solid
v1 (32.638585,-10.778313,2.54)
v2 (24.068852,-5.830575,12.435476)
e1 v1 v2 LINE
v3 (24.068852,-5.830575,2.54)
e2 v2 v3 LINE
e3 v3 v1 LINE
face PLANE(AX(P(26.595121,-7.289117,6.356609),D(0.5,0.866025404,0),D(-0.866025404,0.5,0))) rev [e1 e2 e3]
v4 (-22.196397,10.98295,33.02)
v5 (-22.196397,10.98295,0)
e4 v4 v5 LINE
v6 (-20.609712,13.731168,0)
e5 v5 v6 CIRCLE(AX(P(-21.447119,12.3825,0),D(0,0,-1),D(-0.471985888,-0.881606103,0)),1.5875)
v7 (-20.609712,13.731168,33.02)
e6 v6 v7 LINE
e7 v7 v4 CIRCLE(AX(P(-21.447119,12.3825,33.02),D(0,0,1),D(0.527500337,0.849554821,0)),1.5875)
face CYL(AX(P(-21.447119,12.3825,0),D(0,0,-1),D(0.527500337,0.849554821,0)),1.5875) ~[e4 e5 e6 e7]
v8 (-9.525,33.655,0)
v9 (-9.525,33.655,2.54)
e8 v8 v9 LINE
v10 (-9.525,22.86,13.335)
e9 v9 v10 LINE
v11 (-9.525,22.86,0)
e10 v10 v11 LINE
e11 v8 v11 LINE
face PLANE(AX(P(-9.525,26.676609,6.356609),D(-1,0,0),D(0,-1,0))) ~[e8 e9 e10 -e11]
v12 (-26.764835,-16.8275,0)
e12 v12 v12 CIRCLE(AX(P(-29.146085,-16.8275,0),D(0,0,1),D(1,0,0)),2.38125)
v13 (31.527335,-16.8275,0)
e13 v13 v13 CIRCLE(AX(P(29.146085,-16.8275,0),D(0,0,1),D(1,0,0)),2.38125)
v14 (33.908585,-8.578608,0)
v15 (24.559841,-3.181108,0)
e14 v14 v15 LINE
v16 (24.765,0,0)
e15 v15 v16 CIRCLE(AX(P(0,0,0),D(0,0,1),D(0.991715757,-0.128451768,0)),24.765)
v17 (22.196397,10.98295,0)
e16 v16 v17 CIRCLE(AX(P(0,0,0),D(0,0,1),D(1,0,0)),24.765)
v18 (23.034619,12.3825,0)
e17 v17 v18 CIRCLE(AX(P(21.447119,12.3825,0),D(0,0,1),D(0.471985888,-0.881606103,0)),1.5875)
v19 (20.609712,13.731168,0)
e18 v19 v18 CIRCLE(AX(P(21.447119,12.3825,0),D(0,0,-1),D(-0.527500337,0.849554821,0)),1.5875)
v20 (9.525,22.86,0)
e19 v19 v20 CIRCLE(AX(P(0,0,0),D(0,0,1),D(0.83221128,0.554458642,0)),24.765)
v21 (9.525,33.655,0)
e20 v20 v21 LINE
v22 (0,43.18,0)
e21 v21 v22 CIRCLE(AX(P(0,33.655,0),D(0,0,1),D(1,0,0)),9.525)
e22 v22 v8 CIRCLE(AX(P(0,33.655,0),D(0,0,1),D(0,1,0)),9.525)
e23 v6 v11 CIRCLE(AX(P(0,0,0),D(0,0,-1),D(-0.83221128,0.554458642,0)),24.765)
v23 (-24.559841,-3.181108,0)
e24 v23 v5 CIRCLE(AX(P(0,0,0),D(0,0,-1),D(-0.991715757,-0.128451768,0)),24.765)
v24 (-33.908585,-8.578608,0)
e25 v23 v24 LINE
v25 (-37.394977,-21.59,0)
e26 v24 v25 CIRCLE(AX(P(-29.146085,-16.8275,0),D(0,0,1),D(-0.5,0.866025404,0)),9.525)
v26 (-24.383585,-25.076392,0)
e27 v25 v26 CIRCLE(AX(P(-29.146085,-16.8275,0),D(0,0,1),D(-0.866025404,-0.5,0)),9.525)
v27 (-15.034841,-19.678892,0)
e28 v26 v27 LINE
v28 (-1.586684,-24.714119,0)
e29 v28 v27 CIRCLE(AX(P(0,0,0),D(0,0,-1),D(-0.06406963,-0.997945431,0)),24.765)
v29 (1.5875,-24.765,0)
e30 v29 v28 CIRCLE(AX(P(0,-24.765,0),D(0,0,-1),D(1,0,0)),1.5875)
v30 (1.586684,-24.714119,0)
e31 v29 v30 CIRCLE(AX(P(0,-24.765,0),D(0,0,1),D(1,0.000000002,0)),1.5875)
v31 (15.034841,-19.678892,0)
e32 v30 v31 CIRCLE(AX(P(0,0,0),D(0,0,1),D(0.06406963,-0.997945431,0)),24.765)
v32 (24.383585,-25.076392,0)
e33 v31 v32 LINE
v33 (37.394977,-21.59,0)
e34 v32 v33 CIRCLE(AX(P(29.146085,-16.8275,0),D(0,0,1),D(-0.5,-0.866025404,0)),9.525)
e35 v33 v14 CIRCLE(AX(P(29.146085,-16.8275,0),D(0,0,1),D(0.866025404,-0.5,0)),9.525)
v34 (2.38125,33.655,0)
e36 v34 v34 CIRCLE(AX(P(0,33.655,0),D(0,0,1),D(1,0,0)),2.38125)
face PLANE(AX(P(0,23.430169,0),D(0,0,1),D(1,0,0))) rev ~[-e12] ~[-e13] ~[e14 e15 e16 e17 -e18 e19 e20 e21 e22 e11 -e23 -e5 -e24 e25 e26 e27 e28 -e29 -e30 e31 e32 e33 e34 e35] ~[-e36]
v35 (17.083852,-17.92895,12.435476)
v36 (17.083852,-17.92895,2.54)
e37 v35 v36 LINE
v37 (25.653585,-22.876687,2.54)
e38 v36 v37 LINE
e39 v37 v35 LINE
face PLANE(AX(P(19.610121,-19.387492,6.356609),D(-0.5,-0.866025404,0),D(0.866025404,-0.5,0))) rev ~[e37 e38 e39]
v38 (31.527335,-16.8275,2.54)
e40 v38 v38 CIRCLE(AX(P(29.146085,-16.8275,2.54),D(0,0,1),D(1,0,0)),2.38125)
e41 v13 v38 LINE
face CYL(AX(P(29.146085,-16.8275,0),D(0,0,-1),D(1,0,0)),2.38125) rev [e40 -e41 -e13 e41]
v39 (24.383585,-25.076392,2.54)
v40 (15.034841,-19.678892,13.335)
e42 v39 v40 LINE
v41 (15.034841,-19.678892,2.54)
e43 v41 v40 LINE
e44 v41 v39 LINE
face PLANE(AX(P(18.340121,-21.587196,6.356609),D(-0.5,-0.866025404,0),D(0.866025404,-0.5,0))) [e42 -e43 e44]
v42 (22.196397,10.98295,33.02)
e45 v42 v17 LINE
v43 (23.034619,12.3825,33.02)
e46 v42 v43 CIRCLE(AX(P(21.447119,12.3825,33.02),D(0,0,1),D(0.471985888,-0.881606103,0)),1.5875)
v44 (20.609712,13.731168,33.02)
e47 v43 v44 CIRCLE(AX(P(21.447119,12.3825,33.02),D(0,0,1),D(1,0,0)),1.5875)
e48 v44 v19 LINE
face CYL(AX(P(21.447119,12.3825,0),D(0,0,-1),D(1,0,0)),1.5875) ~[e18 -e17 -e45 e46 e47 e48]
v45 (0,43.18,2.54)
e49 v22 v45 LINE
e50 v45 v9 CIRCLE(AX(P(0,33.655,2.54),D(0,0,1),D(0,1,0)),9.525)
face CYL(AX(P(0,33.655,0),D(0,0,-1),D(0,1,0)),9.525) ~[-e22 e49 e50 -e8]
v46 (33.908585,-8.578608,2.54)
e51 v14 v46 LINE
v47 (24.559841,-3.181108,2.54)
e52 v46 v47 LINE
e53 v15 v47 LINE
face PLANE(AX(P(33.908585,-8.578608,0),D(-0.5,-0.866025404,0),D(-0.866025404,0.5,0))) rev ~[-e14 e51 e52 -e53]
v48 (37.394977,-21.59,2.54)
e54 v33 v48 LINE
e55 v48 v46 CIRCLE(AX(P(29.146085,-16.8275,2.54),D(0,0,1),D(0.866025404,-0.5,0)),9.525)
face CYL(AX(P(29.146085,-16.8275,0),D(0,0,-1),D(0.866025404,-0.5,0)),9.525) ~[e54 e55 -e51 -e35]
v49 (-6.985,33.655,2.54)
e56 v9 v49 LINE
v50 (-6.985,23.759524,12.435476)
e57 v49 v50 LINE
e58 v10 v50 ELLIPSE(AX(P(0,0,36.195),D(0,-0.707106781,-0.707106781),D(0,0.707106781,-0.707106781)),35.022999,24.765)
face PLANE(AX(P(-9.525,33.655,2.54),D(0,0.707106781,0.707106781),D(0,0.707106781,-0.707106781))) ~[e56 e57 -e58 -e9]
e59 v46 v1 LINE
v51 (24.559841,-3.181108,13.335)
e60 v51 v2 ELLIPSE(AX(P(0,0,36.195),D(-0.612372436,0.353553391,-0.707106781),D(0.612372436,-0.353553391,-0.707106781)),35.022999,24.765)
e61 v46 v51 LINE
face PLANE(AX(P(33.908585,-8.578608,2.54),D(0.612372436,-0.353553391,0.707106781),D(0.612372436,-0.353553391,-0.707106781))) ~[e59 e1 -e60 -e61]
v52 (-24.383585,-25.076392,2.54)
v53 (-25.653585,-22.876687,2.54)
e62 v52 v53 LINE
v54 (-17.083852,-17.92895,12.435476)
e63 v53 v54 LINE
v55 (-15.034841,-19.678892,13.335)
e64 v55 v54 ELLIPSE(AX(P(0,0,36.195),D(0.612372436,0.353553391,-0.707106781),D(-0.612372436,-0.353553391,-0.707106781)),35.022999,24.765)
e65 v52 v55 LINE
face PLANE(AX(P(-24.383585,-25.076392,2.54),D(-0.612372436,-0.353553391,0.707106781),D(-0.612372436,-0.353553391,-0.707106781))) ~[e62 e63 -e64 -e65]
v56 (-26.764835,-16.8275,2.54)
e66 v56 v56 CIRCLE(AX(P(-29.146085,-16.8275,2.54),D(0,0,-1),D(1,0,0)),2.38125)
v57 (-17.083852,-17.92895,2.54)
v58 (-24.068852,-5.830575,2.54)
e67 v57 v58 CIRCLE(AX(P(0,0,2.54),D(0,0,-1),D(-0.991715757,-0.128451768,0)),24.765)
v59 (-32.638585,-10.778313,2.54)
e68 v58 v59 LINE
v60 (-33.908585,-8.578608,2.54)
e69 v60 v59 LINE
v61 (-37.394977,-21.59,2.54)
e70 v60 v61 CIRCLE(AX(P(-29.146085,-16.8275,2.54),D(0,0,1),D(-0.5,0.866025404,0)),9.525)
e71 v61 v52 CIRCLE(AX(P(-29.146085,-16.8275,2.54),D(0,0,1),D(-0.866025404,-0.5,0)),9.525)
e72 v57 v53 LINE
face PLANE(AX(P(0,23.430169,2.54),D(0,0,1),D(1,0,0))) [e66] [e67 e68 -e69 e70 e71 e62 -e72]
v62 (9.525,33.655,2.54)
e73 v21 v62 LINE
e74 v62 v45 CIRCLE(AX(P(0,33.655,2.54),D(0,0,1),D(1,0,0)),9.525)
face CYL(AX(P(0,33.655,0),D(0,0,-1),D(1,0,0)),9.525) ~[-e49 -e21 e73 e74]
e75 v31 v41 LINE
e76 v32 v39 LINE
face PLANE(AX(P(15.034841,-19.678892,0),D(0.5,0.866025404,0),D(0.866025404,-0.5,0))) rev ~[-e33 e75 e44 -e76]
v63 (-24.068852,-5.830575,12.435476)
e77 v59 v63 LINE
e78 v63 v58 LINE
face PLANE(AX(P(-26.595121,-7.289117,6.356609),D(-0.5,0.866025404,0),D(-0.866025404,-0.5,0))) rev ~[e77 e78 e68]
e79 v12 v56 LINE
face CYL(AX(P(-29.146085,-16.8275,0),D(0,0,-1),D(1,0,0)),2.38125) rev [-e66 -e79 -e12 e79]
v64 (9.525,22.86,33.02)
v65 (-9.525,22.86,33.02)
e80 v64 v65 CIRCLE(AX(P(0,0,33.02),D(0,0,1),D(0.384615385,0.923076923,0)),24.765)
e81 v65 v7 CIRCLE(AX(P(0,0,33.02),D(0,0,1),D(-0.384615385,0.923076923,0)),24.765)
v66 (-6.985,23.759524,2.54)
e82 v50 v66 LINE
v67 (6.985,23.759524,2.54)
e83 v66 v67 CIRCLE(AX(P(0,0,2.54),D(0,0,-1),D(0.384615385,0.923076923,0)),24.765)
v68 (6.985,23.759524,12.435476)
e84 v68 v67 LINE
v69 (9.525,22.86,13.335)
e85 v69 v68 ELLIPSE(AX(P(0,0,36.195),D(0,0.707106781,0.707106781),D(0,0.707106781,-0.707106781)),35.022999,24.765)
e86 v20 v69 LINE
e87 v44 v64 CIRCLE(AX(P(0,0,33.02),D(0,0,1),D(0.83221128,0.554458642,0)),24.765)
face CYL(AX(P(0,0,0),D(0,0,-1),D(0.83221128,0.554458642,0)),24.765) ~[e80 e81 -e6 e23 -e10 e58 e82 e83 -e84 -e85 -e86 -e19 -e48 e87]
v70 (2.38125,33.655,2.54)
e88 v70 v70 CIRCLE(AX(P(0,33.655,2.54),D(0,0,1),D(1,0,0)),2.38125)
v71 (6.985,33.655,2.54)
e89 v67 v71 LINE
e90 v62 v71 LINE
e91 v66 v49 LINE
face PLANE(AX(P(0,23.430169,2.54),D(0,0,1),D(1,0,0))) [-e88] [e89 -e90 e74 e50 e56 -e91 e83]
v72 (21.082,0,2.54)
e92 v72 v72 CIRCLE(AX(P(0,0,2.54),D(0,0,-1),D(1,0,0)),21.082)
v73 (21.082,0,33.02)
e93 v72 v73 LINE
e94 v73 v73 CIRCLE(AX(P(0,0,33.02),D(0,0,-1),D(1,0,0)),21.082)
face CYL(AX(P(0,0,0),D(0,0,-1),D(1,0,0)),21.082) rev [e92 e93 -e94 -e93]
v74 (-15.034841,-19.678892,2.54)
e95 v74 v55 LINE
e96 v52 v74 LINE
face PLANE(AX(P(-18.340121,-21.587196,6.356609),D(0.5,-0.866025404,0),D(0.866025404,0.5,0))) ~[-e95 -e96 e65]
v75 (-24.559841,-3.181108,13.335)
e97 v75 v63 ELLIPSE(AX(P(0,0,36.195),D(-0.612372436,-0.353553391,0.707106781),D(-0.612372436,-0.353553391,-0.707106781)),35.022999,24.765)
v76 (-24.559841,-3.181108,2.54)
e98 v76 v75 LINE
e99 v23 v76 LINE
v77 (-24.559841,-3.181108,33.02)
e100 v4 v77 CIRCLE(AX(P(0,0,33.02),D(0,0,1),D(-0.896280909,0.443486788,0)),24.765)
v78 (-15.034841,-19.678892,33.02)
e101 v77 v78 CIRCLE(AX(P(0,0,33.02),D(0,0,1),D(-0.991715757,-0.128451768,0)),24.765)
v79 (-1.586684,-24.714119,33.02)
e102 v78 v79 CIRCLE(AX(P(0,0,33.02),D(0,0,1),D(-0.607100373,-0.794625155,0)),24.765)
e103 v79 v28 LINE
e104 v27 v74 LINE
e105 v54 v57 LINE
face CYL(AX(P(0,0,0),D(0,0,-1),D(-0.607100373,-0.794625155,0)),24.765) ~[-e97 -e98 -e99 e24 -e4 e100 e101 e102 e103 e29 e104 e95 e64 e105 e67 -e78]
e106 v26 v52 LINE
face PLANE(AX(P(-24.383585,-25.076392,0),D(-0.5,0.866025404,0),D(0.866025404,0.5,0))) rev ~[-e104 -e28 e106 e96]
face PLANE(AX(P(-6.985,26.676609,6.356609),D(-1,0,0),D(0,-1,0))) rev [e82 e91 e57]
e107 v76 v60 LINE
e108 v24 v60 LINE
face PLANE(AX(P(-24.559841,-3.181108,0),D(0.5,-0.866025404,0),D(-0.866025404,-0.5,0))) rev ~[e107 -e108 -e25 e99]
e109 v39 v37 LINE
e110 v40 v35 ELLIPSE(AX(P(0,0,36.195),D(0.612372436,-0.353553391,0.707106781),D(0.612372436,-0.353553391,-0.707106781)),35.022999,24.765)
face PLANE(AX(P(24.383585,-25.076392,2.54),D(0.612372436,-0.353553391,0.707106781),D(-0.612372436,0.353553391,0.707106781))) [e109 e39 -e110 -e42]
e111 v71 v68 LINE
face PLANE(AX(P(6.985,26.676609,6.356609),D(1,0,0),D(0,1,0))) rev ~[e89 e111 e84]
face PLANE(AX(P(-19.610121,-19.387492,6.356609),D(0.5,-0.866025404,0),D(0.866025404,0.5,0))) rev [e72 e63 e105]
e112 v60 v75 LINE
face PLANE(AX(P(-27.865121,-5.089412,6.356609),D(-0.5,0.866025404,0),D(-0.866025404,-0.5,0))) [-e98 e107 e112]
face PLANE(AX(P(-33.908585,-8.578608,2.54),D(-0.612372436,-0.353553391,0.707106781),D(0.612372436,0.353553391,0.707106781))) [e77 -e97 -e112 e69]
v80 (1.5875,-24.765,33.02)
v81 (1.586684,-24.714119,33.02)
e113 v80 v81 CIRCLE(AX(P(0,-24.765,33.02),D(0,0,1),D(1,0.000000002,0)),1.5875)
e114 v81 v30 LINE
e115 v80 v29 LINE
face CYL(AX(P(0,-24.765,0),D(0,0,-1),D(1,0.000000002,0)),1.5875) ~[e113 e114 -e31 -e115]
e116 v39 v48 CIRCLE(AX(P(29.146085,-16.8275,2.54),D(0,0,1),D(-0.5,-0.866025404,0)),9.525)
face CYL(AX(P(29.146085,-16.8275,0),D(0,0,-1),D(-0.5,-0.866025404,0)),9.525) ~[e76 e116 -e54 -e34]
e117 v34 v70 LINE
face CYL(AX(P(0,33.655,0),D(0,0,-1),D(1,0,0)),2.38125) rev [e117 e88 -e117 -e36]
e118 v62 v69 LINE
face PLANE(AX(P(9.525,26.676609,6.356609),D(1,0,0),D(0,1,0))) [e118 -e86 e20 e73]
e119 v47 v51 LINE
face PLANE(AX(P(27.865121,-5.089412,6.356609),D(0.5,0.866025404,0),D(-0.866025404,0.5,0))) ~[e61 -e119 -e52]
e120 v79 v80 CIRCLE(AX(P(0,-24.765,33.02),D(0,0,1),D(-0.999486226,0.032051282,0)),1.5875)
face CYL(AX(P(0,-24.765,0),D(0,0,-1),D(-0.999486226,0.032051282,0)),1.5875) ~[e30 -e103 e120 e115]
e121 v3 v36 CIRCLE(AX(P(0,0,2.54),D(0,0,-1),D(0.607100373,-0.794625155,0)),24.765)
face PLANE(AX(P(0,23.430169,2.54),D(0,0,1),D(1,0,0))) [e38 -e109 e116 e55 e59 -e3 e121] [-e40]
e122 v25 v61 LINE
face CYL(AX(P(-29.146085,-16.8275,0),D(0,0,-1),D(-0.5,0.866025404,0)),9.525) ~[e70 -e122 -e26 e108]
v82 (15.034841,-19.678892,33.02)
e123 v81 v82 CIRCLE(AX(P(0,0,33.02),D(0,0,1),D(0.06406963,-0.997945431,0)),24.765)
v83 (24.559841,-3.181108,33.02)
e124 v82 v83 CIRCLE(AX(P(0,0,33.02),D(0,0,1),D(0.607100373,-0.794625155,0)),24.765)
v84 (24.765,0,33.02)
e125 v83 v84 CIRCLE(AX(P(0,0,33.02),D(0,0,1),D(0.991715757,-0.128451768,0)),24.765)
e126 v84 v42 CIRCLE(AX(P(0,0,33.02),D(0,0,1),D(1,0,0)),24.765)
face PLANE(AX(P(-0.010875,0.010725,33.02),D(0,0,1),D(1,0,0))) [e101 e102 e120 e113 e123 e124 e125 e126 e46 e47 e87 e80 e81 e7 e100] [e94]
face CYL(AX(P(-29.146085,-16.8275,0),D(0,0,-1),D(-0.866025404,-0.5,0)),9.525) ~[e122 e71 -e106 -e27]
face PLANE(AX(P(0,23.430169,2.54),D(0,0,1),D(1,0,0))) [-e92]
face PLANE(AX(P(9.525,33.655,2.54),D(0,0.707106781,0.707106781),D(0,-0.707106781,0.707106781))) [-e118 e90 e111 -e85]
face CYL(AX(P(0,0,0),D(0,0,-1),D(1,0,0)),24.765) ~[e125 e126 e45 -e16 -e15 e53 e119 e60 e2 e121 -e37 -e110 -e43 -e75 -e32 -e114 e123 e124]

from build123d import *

# Parameters (mm, degrees)
F0_R     = 21.082
F0_R_2   = 2.38125
F1_DEPTH = 2.54
F2_DEPTH = 33.02
F4_DEPTH = 2.54
F6_COUNT = 3
F6_ANGLE = 240


with BuildPart() as f1:
    # F0 (on Top) → F1 (new body)
    with BuildSketch(Plane.XY):
        with BuildLine():
            Line((-9.525, 22.86), (9.525, 22.86))
            ThreePointArc((9.525, 22.86), (0, 24.765), (-9.525, 22.86))
        make_face()
        with BuildLine():
            ThreePointArc((20.6097123392, 13.7311682786), (15.7435419805, 19.1166448654), (9.525, 22.86))
            Line((9.525, 22.86), (-9.525, 22.86))
            ThreePointArc((-9.525, 22.86), (-15.7435419805, 19.1166448654), (-20.6097123392, 13.7311682786))
            ThreePointArc((-20.6097123392, 13.7311682786), (-20.059758407, 13.154112914), (-19.8596191247, 12.3825))
            ThreePointArc((-19.8596191247, 12.3825), (-20.631435956, 11.0205832558), (-22.1963967225, 10.9829503112))
            ThreePointArc((-22.1963967225, 10.9829503112), (-24.4272710788, 4.075984868), (-24.5598407305, -3.181108029))
            Line((-24.5598407305, -3.181108029), (-15.0348407305, -19.678891971))
            ThreePointArc((-15.0348407305, -19.678891971), (-8.6837290983, -23.1926297333), (-1.5866843833, -24.7141185897))
            ThreePointArc((-1.5866843833, -24.7141185897), (0, -23.1775), (1.5866843833, -24.7141185897))
            ThreePointArc((1.5866843833, -24.7141185897), (8.6837290983, -23.1926297333), (15.0348407305, -19.678891971))
            Line((15.0348407305, -19.678891971), (24.5598407305, -3.181108029))
            ThreePointArc((24.5598407305, -3.181108029), (24.7136569602, -1.5938584173), (24.765, 0))
            ThreePointArc((24.765, 0), (24.1143006309, 5.6396569119), (22.1963967225, 10.9829503112))
            ThreePointArc((22.1963967225, 10.9829503112), (20.0723037962, 11.58875), (20.6097123392, 13.7311682786))
        make_face()
        Circle(F0_R, mode=Mode.SUBTRACT)
        with BuildLine():
            ThreePointArc((-9.525, 22.86), (0, 24.765), (9.525, 22.86))
            Line((9.525, 22.86), (9.525, 33.655))
            ThreePointArc((9.525, 33.655), (6.7351920908, 40.3901920908), (0, 43.18))
            ThreePointArc((0, 43.18), (-6.7351920908, 40.3901920908), (-9.525, 33.655))
            Line((-9.525, 33.655), (-9.525, 22.86))
        make_face()
        with Locations((0, 33.655)):
            Circle(F0_R_2, mode=Mode.SUBTRACT)
        with BuildLine():
            ThreePointArc((23.0346191247, 12.3825), (22.2187320387, 13.7698607177), (20.6097123392, 13.7311682786))
            ThreePointArc((20.6097123392, 13.7311682786), (21.4471191247, 12.3825), (22.1963967225, 10.9829503112))
            ThreePointArc((22.1963967225, 10.9829503112), (22.809035869, 11.5668168313), (23.0346191247, 12.3825))
        make_face()
        with BuildLine():
            ThreePointArc((22.1963967225, 10.9829503112), (21.4471191247, 12.3825), (20.6097123392, 13.7311682786))
            ThreePointArc((20.6097123392, 13.7311682786), (20.0723037962, 11.58875), (22.1963967225, 10.9829503112))
        make_face()
        with BuildLine():
            ThreePointArc((-19.8596191247, 12.3825), (-20.059758407, 13.154112914), (-20.6097123392, 13.7311682786))
            ThreePointArc((-20.6097123392, 13.7311682786), (-21.4471191247, 12.3825), (-22.1963967225, 10.9829503112))
            ThreePointArc((-22.1963967225, 10.9829503112), (-20.631435956, 11.0205832558), (-19.8596191247, 12.3825))
        make_face()
        with BuildLine():
            ThreePointArc((-22.1963967225, 10.9829503112), (-21.4471191247, 12.3825), (-20.6097123392, 13.7311682786))
            ThreePointArc((-20.6097123392, 13.7311682786), (-22.8219344532, 13.17625), (-22.1963967225, 10.9829503112))
        make_face()
        with BuildLine():
            Line((-15.0348407305, -19.678891971), (-24.5598407305, -3.181108029))
            ThreePointArc((-24.5598407305, -3.181108029), (-21.4471191247, -12.3825), (-15.0348407305, -19.678891971))
        make_face()
        with BuildLine():
            ThreePointArc((-15.0348407305, -19.678891971), (-21.4471191247, -12.3825), (-24.5598407305, -3.181108029))
            Line((-24.5598407305, -3.181108029), (-33.9085849644, -8.578608029))
            ThreePointArc((-33.9085849644, -8.578608029), (-38.3465284598, -14.3622485954), (-37.3949769354, -21.59))
            ThreePointArc((-37.3949769354, -21.59), (-31.611336369, -26.0279434954), (-24.3835849644, -25.076391971))
            Line((-24.3835849644, -25.076391971), (-15.0348407305, -19.678891971))
        make_face()
        with Locations((-29.1460849644, -16.8275)):
            Circle(F0_R_2, mode=Mode.SUBTRACT)
        with BuildLine():
            Line((33.9085849644, -8.578608029), (24.5598407305, -3.181108029))
            ThreePointArc((24.5598407305, -3.181108029), (21.4471191247, -12.3825), (15.0348407305, -19.678891971))
            Line((15.0348407305, -19.678891971), (24.3835849644, -25.076391971))
            ThreePointArc((24.3835849644, -25.076391971), (31.611336369, -26.0279434954), (37.3949769354, -21.59))
            ThreePointArc((37.3949769354, -21.59), (38.3465284598, -14.3622485954), (33.9085849644, -8.578608029))
        make_face()
        with Locations((29.1460849644, -16.8275)):
            Circle(F0_R_2, mode=Mode.SUBTRACT)
        with BuildLine():
            ThreePointArc((15.0348407305, -19.678891971), (21.4471191247, -12.3825), (24.5598407305, -3.181108029))
            Line((24.5598407305, -3.181108029), (15.0348407305, -19.678891971))
        make_face()
        with BuildLine():
            ThreePointArc((1.5866843833, -24.7141185897), (0, -23.1775), (-1.5866843833, -24.7141185897))
            ThreePointArc((-1.5866843833, -24.7141185897), (0, -24.765), (1.5866843833, -24.7141185897))
        make_face()
        with BuildLine():
            ThreePointArc((1.5866843833, -24.7141185897), (0, -24.765), (-1.5866843833, -24.7141185897))
            ThreePointArc((-1.5866843833, -24.7141185897), (-0.0254439735, -26.3522960827), (1.5875, -24.765))
            ThreePointArc((1.5875, -24.765), (1.5872960827, -24.7395560265), (1.5866843833, -24.7141185897))
        make_face()
        Circle(F0_R)
    extrude(amount=F1_DEPTH)

    # F0 (on Top) → F2 (join)
    with BuildSketch(Plane.XY):
        with BuildLine():
            ThreePointArc((20.6097123392, 13.7311682786), (15.7435419805, 19.1166448654), (9.525, 22.86))
            Line((9.525, 22.86), (-9.525, 22.86))
            ThreePointArc((-9.525, 22.86), (-15.7435419805, 19.1166448654), (-20.6097123392, 13.7311682786))
            ThreePointArc((-20.6097123392, 13.7311682786), (-20.059758407, 13.154112914), (-19.8596191247, 12.3825))
            ThreePointArc((-19.8596191247, 12.3825), (-20.631435956, 11.0205832558), (-22.1963967225, 10.9829503112))
            ThreePointArc((-22.1963967225, 10.9829503112), (-24.4272710788, 4.075984868), (-24.5598407305, -3.181108029))
            Line((-24.5598407305, -3.181108029), (-15.0348407305, -19.678891971))
            ThreePointArc((-15.0348407305, -19.678891971), (-8.6837290983, -23.1926297333), (-1.5866843833, -24.7141185897))
            ThreePointArc((-1.5866843833, -24.7141185897), (0, -23.1775), (1.5866843833, -24.7141185897))
            ThreePointArc((1.5866843833, -24.7141185897), (8.6837290983, -23.1926297333), (15.0348407305, -19.678891971))
            Line((15.0348407305, -19.678891971), (24.5598407305, -3.181108029))
            ThreePointArc((24.5598407305, -3.181108029), (24.7136569602, -1.5938584173), (24.765, 0))
            ThreePointArc((24.765, 0), (24.1143006309, 5.6396569119), (22.1963967225, 10.9829503112))
            ThreePointArc((22.1963967225, 10.9829503112), (20.0723037962, 11.58875), (20.6097123392, 13.7311682786))
        make_face()
        Circle(F0_R, mode=Mode.SUBTRACT)
        with BuildLine():
            Line((-15.0348407305, -19.678891971), (-24.5598407305, -3.181108029))
            ThreePointArc((-24.5598407305, -3.181108029), (-21.4471191247, -12.3825), (-15.0348407305, -19.678891971))
        make_face()
        with BuildLine():
            ThreePointArc((-19.8596191247, 12.3825), (-20.059758407, 13.154112914), (-20.6097123392, 13.7311682786))
            ThreePointArc((-20.6097123392, 13.7311682786), (-21.4471191247, 12.3825), (-22.1963967225, 10.9829503112))
            ThreePointArc((-22.1963967225, 10.9829503112), (-20.631435956, 11.0205832558), (-19.8596191247, 12.3825))
        make_face()
        with BuildLine():
            ThreePointArc((-22.1963967225, 10.9829503112), (-21.4471191247, 12.3825), (-20.6097123392, 13.7311682786))
            ThreePointArc((-20.6097123392, 13.7311682786), (-22.8219344532, 13.17625), (-22.1963967225, 10.9829503112))
        make_face()
        with BuildLine():
            ThreePointArc((22.1963967225, 10.9829503112), (21.4471191247, 12.3825), (20.6097123392, 13.7311682786))
            ThreePointArc((20.6097123392, 13.7311682786), (20.0723037962, 11.58875), (22.1963967225, 10.9829503112))
        make_face()
        with BuildLine():
            ThreePointArc((23.0346191247, 12.3825), (22.2187320387, 13.7698607177), (20.6097123392, 13.7311682786))
            ThreePointArc((20.6097123392, 13.7311682786), (21.4471191247, 12.3825), (22.1963967225, 10.9829503112))
            ThreePointArc((22.1963967225, 10.9829503112), (22.809035869, 11.5668168313), (23.0346191247, 12.3825))
        make_face()
        with BuildLine():
            ThreePointArc((1.5866843833, -24.7141185897), (0, -24.765), (-1.5866843833, -24.7141185897))
            ThreePointArc((-1.5866843833, -24.7141185897), (-0.0254439735, -26.3522960827), (1.5875, -24.765))
            ThreePointArc((1.5875, -24.765), (1.5872960827, -24.7395560265), (1.5866843833, -24.7141185897))
        make_face()
        with BuildLine():
            ThreePointArc((1.5866843833, -24.7141185897), (0, -23.1775), (-1.5866843833, -24.7141185897))
            ThreePointArc((-1.5866843833, -24.7141185897), (0, -24.765), (1.5866843833, -24.7141185897))
        make_face()
        with BuildLine():
            Line((-9.525, 22.86), (9.525, 22.86))
            ThreePointArc((9.525, 22.86), (0, 24.765), (-9.525, 22.86))
        make_face()
        with BuildLine():
            ThreePointArc((15.0348407305, -19.678891971), (21.4471191247, -12.3825), (24.5598407305, -3.181108029))
            Line((24.5598407305, -3.181108029), (15.0348407305, -19.678891971))
        make_face()
    extrude(amount=F2_DEPTH)

    # F3 (on face) → F4 (join)
    with BuildSketch(Plane.YZ.offset(9.525)):
        Polygon((22.86, 13.335), (22.86, 2.54), (33.655, 2.54), align=None)
    extrude(amount=-F4_DEPTH)

    # F5: F1 across plane


with BuildPart() as f1_1:
    add(f1.part)
    add(f1.part.mirror(Plane.YZ))

    # F6: F1 ×3 about axis
    f6_axis = Axis((0, 0, 2.54), (0, 0, -1))


with BuildPart() as f1_2:
    add(f1_1.part)
    for i in range(1, F6_COUNT):
        add(f1_1.part.rotate(f6_axis, i * F6_ANGLE / (F6_COUNT - 1)))


solid = f1_2.part
